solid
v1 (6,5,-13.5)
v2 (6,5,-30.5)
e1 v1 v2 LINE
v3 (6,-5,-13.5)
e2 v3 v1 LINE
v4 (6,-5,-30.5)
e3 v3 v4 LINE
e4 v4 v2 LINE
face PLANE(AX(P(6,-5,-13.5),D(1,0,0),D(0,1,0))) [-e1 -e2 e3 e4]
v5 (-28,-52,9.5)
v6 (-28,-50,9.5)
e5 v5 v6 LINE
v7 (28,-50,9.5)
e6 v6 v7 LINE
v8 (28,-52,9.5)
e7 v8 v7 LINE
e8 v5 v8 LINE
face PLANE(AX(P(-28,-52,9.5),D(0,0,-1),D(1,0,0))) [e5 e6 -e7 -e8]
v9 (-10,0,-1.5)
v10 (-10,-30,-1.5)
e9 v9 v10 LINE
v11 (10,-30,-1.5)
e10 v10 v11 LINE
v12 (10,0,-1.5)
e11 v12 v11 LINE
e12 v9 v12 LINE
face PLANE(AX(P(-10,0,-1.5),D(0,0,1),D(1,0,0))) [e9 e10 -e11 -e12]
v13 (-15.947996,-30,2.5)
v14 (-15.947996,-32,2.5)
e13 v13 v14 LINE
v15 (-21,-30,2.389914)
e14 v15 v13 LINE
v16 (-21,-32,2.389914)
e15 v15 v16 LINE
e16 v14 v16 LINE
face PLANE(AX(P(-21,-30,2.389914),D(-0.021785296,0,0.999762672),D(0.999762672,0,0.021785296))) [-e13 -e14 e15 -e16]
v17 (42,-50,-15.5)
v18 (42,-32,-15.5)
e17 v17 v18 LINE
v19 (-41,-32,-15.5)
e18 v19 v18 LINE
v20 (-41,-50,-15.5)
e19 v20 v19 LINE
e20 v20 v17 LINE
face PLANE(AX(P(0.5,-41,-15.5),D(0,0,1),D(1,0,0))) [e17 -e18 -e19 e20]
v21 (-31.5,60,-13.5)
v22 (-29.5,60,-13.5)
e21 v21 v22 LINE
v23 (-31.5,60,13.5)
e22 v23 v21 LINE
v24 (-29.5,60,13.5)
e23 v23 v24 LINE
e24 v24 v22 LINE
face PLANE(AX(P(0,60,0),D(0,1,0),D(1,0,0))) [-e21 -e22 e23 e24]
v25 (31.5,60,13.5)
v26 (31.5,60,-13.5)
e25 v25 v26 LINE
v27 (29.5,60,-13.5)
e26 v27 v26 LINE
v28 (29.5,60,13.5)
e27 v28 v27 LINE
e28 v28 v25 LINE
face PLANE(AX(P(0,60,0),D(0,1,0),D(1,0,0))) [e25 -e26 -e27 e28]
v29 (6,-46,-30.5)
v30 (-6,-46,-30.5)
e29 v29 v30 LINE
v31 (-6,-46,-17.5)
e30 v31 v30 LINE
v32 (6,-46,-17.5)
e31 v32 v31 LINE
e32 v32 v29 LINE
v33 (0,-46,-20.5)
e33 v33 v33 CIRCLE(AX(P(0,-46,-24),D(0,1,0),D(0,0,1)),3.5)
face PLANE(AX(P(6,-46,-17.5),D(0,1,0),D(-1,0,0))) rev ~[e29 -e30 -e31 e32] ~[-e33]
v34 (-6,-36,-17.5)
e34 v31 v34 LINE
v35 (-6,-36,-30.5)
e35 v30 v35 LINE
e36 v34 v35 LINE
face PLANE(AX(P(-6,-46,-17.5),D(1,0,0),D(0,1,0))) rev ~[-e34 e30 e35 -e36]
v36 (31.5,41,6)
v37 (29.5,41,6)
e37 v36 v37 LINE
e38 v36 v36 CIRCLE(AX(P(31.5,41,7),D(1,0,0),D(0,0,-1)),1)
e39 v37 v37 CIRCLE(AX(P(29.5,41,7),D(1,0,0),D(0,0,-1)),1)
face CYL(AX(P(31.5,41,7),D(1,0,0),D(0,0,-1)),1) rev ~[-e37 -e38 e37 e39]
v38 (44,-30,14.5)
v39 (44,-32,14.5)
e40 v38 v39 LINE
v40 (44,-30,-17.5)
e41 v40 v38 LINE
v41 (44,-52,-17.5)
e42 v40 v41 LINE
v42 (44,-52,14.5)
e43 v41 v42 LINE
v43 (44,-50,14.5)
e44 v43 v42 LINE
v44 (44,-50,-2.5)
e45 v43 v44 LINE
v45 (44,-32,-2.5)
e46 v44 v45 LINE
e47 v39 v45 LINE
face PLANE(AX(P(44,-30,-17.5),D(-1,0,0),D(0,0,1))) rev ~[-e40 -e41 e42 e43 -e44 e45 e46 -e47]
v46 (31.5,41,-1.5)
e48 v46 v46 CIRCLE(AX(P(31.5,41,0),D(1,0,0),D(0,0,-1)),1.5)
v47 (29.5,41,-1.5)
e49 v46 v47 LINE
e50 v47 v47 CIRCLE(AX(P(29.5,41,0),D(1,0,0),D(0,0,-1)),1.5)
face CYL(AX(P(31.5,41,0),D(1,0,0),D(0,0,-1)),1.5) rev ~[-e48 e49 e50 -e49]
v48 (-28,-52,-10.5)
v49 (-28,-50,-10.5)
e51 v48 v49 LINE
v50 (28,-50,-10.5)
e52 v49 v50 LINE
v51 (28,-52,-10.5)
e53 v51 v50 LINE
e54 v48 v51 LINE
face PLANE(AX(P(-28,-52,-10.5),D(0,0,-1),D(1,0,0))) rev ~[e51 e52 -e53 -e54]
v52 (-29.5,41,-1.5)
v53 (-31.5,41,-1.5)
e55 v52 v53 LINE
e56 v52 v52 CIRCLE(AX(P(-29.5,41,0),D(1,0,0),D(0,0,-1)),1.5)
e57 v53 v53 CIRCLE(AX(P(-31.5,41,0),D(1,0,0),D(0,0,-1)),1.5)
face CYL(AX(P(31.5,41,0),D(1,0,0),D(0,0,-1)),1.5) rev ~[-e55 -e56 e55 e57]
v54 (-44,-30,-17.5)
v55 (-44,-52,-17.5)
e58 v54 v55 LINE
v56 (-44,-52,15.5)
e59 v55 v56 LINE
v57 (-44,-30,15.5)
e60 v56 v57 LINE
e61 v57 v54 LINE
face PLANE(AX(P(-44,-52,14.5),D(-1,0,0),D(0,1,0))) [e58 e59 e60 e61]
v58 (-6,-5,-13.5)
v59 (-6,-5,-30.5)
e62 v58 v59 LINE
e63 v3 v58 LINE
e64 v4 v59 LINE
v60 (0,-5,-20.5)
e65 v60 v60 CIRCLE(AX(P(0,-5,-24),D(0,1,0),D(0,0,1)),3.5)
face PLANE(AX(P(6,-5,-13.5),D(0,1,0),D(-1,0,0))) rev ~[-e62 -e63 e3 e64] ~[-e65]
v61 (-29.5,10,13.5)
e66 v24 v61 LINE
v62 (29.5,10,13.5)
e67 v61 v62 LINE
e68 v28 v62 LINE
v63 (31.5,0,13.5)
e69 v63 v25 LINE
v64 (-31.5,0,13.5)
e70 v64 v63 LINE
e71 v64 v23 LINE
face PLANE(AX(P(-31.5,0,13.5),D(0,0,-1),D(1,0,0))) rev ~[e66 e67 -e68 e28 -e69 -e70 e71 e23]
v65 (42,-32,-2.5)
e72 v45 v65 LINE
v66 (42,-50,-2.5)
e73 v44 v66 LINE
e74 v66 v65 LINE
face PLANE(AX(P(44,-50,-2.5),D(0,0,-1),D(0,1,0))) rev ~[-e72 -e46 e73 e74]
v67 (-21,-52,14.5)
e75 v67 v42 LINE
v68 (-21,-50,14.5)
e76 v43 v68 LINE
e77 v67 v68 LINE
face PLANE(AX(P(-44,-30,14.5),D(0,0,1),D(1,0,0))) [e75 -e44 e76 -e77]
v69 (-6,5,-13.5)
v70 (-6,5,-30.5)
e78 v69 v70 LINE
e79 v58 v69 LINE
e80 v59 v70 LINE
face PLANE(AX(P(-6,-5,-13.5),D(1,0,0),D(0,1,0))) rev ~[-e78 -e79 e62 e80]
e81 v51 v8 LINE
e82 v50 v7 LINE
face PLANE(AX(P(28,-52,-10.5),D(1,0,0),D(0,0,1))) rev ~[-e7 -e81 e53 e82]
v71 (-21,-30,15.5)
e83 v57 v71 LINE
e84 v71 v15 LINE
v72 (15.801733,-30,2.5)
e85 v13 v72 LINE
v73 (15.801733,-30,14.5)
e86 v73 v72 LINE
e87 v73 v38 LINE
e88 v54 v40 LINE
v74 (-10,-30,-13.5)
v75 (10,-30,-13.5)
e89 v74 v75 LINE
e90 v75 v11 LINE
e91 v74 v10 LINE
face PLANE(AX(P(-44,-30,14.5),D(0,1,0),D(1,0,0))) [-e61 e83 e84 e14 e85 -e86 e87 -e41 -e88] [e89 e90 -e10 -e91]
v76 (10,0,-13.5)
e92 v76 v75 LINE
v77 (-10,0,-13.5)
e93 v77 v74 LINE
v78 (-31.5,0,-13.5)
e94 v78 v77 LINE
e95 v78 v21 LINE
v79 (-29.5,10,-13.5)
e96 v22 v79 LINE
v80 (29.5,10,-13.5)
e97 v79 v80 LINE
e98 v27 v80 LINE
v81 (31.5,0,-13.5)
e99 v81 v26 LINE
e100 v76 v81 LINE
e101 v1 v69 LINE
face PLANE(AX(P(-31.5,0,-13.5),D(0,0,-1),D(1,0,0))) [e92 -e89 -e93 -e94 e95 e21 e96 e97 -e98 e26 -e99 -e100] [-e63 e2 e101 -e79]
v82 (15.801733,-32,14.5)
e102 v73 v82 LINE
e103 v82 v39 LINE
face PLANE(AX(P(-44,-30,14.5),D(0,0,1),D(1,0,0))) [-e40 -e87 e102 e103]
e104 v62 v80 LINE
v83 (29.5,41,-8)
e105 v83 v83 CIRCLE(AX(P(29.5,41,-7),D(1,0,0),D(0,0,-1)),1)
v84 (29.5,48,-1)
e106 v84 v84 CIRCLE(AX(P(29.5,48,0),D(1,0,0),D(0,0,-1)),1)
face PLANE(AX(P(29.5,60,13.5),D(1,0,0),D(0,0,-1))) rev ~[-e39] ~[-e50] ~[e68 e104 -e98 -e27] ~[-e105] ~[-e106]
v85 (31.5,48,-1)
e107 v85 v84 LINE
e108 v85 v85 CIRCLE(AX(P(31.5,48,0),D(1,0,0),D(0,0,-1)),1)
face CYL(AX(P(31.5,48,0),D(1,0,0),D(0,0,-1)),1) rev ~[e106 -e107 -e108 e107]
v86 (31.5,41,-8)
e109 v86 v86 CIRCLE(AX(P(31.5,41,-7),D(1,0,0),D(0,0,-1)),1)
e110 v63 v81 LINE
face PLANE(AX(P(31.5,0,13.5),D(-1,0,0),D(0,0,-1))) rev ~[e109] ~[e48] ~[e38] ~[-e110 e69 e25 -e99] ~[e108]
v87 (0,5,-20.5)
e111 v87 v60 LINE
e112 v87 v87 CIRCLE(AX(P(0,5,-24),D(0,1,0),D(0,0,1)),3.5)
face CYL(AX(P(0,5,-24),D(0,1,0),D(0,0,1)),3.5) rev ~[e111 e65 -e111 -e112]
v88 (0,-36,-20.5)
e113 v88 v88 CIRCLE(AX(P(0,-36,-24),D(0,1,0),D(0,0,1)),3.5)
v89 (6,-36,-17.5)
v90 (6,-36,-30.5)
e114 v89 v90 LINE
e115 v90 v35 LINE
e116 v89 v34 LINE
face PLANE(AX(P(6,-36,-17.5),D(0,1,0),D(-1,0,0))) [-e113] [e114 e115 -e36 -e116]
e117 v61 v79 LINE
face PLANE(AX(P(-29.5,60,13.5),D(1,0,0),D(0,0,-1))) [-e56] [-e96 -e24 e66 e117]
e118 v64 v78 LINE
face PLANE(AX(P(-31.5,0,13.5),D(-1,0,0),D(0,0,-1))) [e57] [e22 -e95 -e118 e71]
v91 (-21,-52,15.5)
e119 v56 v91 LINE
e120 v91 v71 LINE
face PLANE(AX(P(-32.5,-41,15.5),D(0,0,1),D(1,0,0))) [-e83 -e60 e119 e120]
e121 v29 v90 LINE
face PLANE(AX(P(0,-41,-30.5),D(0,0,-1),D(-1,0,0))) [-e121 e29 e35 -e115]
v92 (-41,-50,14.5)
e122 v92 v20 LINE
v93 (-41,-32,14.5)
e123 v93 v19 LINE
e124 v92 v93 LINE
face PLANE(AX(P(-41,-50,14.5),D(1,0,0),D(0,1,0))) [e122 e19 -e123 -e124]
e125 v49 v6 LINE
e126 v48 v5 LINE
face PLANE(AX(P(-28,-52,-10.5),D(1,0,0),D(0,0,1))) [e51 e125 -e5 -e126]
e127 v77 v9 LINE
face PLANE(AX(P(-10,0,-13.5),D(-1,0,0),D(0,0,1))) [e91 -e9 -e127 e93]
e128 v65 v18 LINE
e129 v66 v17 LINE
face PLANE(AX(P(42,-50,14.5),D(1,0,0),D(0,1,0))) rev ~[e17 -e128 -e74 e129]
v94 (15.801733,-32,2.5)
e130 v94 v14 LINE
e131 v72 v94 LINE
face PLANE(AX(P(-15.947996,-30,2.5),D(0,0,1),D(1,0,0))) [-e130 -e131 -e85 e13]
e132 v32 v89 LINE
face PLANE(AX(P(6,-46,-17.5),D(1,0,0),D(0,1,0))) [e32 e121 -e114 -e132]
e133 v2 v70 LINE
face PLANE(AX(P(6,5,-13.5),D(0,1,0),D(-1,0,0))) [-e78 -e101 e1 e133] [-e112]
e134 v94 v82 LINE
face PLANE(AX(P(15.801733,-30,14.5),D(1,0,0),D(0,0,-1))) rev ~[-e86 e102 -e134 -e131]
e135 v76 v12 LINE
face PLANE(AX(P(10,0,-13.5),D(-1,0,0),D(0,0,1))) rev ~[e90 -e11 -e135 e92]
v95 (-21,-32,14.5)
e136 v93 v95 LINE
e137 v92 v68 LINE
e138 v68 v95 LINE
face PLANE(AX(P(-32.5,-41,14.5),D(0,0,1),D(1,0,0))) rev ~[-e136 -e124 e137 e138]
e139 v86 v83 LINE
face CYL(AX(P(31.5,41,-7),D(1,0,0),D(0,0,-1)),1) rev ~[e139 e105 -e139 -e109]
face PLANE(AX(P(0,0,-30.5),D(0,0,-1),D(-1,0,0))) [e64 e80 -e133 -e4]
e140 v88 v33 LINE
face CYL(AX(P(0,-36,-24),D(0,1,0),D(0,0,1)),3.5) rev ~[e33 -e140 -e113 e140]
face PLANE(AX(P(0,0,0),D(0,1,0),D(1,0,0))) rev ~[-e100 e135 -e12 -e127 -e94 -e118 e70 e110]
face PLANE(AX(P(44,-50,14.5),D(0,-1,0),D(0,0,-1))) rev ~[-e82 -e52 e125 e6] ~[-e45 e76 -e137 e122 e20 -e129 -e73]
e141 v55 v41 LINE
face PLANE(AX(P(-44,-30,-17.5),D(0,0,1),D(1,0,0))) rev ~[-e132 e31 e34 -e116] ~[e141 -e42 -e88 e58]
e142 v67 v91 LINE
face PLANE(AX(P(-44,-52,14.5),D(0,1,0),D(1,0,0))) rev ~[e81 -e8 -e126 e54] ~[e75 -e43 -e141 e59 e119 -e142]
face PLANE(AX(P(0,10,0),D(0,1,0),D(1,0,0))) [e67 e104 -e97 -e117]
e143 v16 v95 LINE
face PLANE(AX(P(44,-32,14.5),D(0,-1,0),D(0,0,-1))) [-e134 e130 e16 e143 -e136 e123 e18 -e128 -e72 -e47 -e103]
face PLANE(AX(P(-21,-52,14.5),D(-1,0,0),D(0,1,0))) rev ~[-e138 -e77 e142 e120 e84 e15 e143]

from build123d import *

# Parameters (mm, degrees)
SKETCH1_W           = 63
SKETCH1_H           = 27
BOSS_EXTRUDE1_DEPTH = 60
SKETCH2_W           = 59
SKETCH2_H           = 27
CUT_EXTRUDE1_DEPTH  = 50
SKETCH3_R           = 1.5
CUT_EXTRUDE2_DEPTH  = 65
SKETCH5_W           = 20
SKETCH5_H           = 12
BOSS_EXTRUDE2_DEPTH = 30
SKETCH6_W           = 88
SKETCH6_H           = 32
BOSS_EXTRUDE3_DEPTH = 22
SKETCH7_W           = 83
SKETCH7_H           = 18
CUT_EXTRUDE3_DEPTH  = 30
SKETCH10_W          = 56
SKETCH10_H          = 20
CUT_EXTRUDE5_DEPTH  = 3
SKETCH11_W          = 23
SKETCH11_H          = 22
BOSS_EXTRUDE4_DEPTH = 1
SKETCH12_W          = 17
SKETCH12_H          = 18
CUT_EXTRUDE7_DEPTH  = 2.5
SKETCH13_W          = 31.74972829
SKETCH13_H          = 12
CUT_EXTRUDE9_DEPTH  = 2.5
CUT_EXTRUDE10_DEPTH = 2.5
SKETCH23_W          = 12
SKETCH23_H          = 10
BOSS_EXTRUDE7_DEPTH = 13
SKETCH25_R          = 3.5
CUT_EXTRUDE13_DEPTH = 13
SKETCH26_W          = 12
SKETCH26_H          = 10
BOSS_EXTRUDE8_DEPTH = 17
SKETCH27_R          = 3.5
CUT_EXTRUDE14_DEPTH = 17
SKETCH28_R          = 1
CUT_EXTRUDE15_DEPTH = 10


with BuildPart() as part:
    # Sketch1 → Boss-Extrude1 (new body)
    with BuildSketch(Plane(origin=(0, 0, 0), x_dir=(1, 0, 0), z_dir=(0, 1, 0))):
        Rectangle(SKETCH1_W, SKETCH1_H)
    extrude(amount=BOSS_EXTRUDE1_DEPTH)

    # Sketch2 → Cut-Extrude1 (cut)
    with BuildSketch(Plane(origin=(0, 60, 0), x_dir=(1, 0, 0), z_dir=(0, 1, 0))):
        Rectangle(SKETCH2_W, SKETCH2_H)
    extrude(amount=-CUT_EXTRUDE1_DEPTH, mode=Mode.SUBTRACT)

    # Sketch3 → Cut-Extrude2 (cut)
    with BuildSketch(Plane(origin=(31.5, 0, 0), x_dir=(0, 0, -1), z_dir=(1, 0, 0))):
        with Locations((0, 41)):
            Circle(SKETCH3_R)
    extrude(amount=-CUT_EXTRUDE2_DEPTH, mode=Mode.SUBTRACT)

    # Sketch5 → Boss-Extrude2 (add)
    with BuildSketch(Plane.XZ):
        with Locations((0, -7.5)):
            Rectangle(SKETCH5_W, SKETCH5_H)
    extrude(amount=BOSS_EXTRUDE2_DEPTH)

    # Sketch6 → Boss-Extrude3 (add)
    with BuildSketch(Plane.XZ.offset(30)):
        with Locations((0, -1.5)):
            Rectangle(SKETCH6_W, SKETCH6_H)
    extrude(amount=BOSS_EXTRUDE3_DEPTH)

    # Sketch7 → Cut-Extrude3 (cut)
    with BuildSketch(Plane.XY.offset(14.5)):
        with Locations((0.5, -41)):
            Rectangle(SKETCH7_W, SKETCH7_H)
    extrude(amount=-CUT_EXTRUDE3_DEPTH, mode=Mode.SUBTRACT)

    # Sketch10 → Cut-Extrude5 (cut)
    with BuildSketch(Plane.XZ.offset(52)):
        with Locations((0, -0.5)):
            Rectangle(SKETCH10_W, SKETCH10_H)
    extrude(amount=-CUT_EXTRUDE5_DEPTH, mode=Mode.SUBTRACT)

    # Sketch11 → Boss-Extrude4 (add)
    with BuildSketch(Plane.XY.offset(14.5)):
        with Locations((-32.5, -41)):
            Rectangle(SKETCH11_W, SKETCH11_H)
    extrude(amount=BOSS_EXTRUDE4_DEPTH)

    # Sketch12 → Cut-Extrude7 (cut)
    with BuildSketch(Plane(origin=(44, 0, 0), x_dir=(0, 0, -1), z_dir=(1, 0, 0))):
        with Locations((-6, -41)):
            Rectangle(SKETCH12_W, SKETCH12_H)
    extrude(amount=-CUT_EXTRUDE7_DEPTH, mode=Mode.SUBTRACT)

    # Sketch13 → Cut-Extrude9 (cut)
    with BuildSketch(Plane(origin=(0, -30, 0), x_dir=(1, 0, 0), z_dir=(0, 1, 0))):
        with Locations((-0.07313141, -8.5)):
            Rectangle(SKETCH13_W, SKETCH13_H)
    extrude(amount=-CUT_EXTRUDE9_DEPTH, mode=Mode.SUBTRACT)

    # Sketch16 → Cut-Extrude10 (cut)
    with BuildSketch(Plane(origin=(0, -30, 0), x_dir=(1, 0, 0), z_dir=(0, 1, 0))):
        Polygon((-21, -14.5), (-21, -2.38991446), (-15.947995555, -2.5), (-15.947995555, -14.5), align=None)
    extrude(amount=-CUT_EXTRUDE10_DEPTH, mode=Mode.SUBTRACT)

    # Sketch23 → Boss-Extrude7 (add)
    with BuildSketch(Plane(origin=(0, 0, -17.5), x_dir=(-1, 0, 0), z_dir=(0, 0, -1))):
        with Locations((0, -41)):
            Rectangle(SKETCH23_W, SKETCH23_H)
    extrude(amount=BOSS_EXTRUDE7_DEPTH)

    # Sketch25 → Cut-Extrude13 (cut)
    with BuildSketch(Plane(origin=(0, -36, 0), x_dir=(1, 0, 0), z_dir=(0, 1, 0))):
        with Locations(Location((0, 24, 0), (0, 0, 270))):
            Circle(SKETCH25_R)
    extrude(amount=-CUT_EXTRUDE13_DEPTH, mode=Mode.SUBTRACT)

    # Sketch26 → Boss-Extrude8 (add)
    with BuildSketch(Plane(origin=(0, 0, -13.5), x_dir=(-1, 0, 0), z_dir=(0, 0, -1))):
        Rectangle(SKETCH26_W, SKETCH26_H)
    extrude(amount=BOSS_EXTRUDE8_DEPTH)

    # Sketch27 → Cut-Extrude14 (cut)
    with BuildSketch(Plane(origin=(0, 5, 0), x_dir=(1, 0, 0), z_dir=(0, 1, 0))):
        with Locations(Location((0, 24, 0), (0, 0, 270))):
            Circle(SKETCH27_R)
    extrude(amount=-CUT_EXTRUDE14_DEPTH, mode=Mode.SUBTRACT)

    # Sketch28 → Cut-Extrude15 (cut)
    with BuildSketch(Plane(origin=(31.5, 0, 0), x_dir=(0, 0, -1), z_dir=(1, 0, 0))):
        with Locations((0, 48)):
            Circle(SKETCH28_R)
        with Locations((7, 41)):
            Circle(SKETCH28_R)
        with Locations((-7, 41)):
            Circle(SKETCH28_R)
    extrude(amount=-CUT_EXTRUDE15_DEPTH, mode=Mode.SUBTRACT)


solid = part.part
